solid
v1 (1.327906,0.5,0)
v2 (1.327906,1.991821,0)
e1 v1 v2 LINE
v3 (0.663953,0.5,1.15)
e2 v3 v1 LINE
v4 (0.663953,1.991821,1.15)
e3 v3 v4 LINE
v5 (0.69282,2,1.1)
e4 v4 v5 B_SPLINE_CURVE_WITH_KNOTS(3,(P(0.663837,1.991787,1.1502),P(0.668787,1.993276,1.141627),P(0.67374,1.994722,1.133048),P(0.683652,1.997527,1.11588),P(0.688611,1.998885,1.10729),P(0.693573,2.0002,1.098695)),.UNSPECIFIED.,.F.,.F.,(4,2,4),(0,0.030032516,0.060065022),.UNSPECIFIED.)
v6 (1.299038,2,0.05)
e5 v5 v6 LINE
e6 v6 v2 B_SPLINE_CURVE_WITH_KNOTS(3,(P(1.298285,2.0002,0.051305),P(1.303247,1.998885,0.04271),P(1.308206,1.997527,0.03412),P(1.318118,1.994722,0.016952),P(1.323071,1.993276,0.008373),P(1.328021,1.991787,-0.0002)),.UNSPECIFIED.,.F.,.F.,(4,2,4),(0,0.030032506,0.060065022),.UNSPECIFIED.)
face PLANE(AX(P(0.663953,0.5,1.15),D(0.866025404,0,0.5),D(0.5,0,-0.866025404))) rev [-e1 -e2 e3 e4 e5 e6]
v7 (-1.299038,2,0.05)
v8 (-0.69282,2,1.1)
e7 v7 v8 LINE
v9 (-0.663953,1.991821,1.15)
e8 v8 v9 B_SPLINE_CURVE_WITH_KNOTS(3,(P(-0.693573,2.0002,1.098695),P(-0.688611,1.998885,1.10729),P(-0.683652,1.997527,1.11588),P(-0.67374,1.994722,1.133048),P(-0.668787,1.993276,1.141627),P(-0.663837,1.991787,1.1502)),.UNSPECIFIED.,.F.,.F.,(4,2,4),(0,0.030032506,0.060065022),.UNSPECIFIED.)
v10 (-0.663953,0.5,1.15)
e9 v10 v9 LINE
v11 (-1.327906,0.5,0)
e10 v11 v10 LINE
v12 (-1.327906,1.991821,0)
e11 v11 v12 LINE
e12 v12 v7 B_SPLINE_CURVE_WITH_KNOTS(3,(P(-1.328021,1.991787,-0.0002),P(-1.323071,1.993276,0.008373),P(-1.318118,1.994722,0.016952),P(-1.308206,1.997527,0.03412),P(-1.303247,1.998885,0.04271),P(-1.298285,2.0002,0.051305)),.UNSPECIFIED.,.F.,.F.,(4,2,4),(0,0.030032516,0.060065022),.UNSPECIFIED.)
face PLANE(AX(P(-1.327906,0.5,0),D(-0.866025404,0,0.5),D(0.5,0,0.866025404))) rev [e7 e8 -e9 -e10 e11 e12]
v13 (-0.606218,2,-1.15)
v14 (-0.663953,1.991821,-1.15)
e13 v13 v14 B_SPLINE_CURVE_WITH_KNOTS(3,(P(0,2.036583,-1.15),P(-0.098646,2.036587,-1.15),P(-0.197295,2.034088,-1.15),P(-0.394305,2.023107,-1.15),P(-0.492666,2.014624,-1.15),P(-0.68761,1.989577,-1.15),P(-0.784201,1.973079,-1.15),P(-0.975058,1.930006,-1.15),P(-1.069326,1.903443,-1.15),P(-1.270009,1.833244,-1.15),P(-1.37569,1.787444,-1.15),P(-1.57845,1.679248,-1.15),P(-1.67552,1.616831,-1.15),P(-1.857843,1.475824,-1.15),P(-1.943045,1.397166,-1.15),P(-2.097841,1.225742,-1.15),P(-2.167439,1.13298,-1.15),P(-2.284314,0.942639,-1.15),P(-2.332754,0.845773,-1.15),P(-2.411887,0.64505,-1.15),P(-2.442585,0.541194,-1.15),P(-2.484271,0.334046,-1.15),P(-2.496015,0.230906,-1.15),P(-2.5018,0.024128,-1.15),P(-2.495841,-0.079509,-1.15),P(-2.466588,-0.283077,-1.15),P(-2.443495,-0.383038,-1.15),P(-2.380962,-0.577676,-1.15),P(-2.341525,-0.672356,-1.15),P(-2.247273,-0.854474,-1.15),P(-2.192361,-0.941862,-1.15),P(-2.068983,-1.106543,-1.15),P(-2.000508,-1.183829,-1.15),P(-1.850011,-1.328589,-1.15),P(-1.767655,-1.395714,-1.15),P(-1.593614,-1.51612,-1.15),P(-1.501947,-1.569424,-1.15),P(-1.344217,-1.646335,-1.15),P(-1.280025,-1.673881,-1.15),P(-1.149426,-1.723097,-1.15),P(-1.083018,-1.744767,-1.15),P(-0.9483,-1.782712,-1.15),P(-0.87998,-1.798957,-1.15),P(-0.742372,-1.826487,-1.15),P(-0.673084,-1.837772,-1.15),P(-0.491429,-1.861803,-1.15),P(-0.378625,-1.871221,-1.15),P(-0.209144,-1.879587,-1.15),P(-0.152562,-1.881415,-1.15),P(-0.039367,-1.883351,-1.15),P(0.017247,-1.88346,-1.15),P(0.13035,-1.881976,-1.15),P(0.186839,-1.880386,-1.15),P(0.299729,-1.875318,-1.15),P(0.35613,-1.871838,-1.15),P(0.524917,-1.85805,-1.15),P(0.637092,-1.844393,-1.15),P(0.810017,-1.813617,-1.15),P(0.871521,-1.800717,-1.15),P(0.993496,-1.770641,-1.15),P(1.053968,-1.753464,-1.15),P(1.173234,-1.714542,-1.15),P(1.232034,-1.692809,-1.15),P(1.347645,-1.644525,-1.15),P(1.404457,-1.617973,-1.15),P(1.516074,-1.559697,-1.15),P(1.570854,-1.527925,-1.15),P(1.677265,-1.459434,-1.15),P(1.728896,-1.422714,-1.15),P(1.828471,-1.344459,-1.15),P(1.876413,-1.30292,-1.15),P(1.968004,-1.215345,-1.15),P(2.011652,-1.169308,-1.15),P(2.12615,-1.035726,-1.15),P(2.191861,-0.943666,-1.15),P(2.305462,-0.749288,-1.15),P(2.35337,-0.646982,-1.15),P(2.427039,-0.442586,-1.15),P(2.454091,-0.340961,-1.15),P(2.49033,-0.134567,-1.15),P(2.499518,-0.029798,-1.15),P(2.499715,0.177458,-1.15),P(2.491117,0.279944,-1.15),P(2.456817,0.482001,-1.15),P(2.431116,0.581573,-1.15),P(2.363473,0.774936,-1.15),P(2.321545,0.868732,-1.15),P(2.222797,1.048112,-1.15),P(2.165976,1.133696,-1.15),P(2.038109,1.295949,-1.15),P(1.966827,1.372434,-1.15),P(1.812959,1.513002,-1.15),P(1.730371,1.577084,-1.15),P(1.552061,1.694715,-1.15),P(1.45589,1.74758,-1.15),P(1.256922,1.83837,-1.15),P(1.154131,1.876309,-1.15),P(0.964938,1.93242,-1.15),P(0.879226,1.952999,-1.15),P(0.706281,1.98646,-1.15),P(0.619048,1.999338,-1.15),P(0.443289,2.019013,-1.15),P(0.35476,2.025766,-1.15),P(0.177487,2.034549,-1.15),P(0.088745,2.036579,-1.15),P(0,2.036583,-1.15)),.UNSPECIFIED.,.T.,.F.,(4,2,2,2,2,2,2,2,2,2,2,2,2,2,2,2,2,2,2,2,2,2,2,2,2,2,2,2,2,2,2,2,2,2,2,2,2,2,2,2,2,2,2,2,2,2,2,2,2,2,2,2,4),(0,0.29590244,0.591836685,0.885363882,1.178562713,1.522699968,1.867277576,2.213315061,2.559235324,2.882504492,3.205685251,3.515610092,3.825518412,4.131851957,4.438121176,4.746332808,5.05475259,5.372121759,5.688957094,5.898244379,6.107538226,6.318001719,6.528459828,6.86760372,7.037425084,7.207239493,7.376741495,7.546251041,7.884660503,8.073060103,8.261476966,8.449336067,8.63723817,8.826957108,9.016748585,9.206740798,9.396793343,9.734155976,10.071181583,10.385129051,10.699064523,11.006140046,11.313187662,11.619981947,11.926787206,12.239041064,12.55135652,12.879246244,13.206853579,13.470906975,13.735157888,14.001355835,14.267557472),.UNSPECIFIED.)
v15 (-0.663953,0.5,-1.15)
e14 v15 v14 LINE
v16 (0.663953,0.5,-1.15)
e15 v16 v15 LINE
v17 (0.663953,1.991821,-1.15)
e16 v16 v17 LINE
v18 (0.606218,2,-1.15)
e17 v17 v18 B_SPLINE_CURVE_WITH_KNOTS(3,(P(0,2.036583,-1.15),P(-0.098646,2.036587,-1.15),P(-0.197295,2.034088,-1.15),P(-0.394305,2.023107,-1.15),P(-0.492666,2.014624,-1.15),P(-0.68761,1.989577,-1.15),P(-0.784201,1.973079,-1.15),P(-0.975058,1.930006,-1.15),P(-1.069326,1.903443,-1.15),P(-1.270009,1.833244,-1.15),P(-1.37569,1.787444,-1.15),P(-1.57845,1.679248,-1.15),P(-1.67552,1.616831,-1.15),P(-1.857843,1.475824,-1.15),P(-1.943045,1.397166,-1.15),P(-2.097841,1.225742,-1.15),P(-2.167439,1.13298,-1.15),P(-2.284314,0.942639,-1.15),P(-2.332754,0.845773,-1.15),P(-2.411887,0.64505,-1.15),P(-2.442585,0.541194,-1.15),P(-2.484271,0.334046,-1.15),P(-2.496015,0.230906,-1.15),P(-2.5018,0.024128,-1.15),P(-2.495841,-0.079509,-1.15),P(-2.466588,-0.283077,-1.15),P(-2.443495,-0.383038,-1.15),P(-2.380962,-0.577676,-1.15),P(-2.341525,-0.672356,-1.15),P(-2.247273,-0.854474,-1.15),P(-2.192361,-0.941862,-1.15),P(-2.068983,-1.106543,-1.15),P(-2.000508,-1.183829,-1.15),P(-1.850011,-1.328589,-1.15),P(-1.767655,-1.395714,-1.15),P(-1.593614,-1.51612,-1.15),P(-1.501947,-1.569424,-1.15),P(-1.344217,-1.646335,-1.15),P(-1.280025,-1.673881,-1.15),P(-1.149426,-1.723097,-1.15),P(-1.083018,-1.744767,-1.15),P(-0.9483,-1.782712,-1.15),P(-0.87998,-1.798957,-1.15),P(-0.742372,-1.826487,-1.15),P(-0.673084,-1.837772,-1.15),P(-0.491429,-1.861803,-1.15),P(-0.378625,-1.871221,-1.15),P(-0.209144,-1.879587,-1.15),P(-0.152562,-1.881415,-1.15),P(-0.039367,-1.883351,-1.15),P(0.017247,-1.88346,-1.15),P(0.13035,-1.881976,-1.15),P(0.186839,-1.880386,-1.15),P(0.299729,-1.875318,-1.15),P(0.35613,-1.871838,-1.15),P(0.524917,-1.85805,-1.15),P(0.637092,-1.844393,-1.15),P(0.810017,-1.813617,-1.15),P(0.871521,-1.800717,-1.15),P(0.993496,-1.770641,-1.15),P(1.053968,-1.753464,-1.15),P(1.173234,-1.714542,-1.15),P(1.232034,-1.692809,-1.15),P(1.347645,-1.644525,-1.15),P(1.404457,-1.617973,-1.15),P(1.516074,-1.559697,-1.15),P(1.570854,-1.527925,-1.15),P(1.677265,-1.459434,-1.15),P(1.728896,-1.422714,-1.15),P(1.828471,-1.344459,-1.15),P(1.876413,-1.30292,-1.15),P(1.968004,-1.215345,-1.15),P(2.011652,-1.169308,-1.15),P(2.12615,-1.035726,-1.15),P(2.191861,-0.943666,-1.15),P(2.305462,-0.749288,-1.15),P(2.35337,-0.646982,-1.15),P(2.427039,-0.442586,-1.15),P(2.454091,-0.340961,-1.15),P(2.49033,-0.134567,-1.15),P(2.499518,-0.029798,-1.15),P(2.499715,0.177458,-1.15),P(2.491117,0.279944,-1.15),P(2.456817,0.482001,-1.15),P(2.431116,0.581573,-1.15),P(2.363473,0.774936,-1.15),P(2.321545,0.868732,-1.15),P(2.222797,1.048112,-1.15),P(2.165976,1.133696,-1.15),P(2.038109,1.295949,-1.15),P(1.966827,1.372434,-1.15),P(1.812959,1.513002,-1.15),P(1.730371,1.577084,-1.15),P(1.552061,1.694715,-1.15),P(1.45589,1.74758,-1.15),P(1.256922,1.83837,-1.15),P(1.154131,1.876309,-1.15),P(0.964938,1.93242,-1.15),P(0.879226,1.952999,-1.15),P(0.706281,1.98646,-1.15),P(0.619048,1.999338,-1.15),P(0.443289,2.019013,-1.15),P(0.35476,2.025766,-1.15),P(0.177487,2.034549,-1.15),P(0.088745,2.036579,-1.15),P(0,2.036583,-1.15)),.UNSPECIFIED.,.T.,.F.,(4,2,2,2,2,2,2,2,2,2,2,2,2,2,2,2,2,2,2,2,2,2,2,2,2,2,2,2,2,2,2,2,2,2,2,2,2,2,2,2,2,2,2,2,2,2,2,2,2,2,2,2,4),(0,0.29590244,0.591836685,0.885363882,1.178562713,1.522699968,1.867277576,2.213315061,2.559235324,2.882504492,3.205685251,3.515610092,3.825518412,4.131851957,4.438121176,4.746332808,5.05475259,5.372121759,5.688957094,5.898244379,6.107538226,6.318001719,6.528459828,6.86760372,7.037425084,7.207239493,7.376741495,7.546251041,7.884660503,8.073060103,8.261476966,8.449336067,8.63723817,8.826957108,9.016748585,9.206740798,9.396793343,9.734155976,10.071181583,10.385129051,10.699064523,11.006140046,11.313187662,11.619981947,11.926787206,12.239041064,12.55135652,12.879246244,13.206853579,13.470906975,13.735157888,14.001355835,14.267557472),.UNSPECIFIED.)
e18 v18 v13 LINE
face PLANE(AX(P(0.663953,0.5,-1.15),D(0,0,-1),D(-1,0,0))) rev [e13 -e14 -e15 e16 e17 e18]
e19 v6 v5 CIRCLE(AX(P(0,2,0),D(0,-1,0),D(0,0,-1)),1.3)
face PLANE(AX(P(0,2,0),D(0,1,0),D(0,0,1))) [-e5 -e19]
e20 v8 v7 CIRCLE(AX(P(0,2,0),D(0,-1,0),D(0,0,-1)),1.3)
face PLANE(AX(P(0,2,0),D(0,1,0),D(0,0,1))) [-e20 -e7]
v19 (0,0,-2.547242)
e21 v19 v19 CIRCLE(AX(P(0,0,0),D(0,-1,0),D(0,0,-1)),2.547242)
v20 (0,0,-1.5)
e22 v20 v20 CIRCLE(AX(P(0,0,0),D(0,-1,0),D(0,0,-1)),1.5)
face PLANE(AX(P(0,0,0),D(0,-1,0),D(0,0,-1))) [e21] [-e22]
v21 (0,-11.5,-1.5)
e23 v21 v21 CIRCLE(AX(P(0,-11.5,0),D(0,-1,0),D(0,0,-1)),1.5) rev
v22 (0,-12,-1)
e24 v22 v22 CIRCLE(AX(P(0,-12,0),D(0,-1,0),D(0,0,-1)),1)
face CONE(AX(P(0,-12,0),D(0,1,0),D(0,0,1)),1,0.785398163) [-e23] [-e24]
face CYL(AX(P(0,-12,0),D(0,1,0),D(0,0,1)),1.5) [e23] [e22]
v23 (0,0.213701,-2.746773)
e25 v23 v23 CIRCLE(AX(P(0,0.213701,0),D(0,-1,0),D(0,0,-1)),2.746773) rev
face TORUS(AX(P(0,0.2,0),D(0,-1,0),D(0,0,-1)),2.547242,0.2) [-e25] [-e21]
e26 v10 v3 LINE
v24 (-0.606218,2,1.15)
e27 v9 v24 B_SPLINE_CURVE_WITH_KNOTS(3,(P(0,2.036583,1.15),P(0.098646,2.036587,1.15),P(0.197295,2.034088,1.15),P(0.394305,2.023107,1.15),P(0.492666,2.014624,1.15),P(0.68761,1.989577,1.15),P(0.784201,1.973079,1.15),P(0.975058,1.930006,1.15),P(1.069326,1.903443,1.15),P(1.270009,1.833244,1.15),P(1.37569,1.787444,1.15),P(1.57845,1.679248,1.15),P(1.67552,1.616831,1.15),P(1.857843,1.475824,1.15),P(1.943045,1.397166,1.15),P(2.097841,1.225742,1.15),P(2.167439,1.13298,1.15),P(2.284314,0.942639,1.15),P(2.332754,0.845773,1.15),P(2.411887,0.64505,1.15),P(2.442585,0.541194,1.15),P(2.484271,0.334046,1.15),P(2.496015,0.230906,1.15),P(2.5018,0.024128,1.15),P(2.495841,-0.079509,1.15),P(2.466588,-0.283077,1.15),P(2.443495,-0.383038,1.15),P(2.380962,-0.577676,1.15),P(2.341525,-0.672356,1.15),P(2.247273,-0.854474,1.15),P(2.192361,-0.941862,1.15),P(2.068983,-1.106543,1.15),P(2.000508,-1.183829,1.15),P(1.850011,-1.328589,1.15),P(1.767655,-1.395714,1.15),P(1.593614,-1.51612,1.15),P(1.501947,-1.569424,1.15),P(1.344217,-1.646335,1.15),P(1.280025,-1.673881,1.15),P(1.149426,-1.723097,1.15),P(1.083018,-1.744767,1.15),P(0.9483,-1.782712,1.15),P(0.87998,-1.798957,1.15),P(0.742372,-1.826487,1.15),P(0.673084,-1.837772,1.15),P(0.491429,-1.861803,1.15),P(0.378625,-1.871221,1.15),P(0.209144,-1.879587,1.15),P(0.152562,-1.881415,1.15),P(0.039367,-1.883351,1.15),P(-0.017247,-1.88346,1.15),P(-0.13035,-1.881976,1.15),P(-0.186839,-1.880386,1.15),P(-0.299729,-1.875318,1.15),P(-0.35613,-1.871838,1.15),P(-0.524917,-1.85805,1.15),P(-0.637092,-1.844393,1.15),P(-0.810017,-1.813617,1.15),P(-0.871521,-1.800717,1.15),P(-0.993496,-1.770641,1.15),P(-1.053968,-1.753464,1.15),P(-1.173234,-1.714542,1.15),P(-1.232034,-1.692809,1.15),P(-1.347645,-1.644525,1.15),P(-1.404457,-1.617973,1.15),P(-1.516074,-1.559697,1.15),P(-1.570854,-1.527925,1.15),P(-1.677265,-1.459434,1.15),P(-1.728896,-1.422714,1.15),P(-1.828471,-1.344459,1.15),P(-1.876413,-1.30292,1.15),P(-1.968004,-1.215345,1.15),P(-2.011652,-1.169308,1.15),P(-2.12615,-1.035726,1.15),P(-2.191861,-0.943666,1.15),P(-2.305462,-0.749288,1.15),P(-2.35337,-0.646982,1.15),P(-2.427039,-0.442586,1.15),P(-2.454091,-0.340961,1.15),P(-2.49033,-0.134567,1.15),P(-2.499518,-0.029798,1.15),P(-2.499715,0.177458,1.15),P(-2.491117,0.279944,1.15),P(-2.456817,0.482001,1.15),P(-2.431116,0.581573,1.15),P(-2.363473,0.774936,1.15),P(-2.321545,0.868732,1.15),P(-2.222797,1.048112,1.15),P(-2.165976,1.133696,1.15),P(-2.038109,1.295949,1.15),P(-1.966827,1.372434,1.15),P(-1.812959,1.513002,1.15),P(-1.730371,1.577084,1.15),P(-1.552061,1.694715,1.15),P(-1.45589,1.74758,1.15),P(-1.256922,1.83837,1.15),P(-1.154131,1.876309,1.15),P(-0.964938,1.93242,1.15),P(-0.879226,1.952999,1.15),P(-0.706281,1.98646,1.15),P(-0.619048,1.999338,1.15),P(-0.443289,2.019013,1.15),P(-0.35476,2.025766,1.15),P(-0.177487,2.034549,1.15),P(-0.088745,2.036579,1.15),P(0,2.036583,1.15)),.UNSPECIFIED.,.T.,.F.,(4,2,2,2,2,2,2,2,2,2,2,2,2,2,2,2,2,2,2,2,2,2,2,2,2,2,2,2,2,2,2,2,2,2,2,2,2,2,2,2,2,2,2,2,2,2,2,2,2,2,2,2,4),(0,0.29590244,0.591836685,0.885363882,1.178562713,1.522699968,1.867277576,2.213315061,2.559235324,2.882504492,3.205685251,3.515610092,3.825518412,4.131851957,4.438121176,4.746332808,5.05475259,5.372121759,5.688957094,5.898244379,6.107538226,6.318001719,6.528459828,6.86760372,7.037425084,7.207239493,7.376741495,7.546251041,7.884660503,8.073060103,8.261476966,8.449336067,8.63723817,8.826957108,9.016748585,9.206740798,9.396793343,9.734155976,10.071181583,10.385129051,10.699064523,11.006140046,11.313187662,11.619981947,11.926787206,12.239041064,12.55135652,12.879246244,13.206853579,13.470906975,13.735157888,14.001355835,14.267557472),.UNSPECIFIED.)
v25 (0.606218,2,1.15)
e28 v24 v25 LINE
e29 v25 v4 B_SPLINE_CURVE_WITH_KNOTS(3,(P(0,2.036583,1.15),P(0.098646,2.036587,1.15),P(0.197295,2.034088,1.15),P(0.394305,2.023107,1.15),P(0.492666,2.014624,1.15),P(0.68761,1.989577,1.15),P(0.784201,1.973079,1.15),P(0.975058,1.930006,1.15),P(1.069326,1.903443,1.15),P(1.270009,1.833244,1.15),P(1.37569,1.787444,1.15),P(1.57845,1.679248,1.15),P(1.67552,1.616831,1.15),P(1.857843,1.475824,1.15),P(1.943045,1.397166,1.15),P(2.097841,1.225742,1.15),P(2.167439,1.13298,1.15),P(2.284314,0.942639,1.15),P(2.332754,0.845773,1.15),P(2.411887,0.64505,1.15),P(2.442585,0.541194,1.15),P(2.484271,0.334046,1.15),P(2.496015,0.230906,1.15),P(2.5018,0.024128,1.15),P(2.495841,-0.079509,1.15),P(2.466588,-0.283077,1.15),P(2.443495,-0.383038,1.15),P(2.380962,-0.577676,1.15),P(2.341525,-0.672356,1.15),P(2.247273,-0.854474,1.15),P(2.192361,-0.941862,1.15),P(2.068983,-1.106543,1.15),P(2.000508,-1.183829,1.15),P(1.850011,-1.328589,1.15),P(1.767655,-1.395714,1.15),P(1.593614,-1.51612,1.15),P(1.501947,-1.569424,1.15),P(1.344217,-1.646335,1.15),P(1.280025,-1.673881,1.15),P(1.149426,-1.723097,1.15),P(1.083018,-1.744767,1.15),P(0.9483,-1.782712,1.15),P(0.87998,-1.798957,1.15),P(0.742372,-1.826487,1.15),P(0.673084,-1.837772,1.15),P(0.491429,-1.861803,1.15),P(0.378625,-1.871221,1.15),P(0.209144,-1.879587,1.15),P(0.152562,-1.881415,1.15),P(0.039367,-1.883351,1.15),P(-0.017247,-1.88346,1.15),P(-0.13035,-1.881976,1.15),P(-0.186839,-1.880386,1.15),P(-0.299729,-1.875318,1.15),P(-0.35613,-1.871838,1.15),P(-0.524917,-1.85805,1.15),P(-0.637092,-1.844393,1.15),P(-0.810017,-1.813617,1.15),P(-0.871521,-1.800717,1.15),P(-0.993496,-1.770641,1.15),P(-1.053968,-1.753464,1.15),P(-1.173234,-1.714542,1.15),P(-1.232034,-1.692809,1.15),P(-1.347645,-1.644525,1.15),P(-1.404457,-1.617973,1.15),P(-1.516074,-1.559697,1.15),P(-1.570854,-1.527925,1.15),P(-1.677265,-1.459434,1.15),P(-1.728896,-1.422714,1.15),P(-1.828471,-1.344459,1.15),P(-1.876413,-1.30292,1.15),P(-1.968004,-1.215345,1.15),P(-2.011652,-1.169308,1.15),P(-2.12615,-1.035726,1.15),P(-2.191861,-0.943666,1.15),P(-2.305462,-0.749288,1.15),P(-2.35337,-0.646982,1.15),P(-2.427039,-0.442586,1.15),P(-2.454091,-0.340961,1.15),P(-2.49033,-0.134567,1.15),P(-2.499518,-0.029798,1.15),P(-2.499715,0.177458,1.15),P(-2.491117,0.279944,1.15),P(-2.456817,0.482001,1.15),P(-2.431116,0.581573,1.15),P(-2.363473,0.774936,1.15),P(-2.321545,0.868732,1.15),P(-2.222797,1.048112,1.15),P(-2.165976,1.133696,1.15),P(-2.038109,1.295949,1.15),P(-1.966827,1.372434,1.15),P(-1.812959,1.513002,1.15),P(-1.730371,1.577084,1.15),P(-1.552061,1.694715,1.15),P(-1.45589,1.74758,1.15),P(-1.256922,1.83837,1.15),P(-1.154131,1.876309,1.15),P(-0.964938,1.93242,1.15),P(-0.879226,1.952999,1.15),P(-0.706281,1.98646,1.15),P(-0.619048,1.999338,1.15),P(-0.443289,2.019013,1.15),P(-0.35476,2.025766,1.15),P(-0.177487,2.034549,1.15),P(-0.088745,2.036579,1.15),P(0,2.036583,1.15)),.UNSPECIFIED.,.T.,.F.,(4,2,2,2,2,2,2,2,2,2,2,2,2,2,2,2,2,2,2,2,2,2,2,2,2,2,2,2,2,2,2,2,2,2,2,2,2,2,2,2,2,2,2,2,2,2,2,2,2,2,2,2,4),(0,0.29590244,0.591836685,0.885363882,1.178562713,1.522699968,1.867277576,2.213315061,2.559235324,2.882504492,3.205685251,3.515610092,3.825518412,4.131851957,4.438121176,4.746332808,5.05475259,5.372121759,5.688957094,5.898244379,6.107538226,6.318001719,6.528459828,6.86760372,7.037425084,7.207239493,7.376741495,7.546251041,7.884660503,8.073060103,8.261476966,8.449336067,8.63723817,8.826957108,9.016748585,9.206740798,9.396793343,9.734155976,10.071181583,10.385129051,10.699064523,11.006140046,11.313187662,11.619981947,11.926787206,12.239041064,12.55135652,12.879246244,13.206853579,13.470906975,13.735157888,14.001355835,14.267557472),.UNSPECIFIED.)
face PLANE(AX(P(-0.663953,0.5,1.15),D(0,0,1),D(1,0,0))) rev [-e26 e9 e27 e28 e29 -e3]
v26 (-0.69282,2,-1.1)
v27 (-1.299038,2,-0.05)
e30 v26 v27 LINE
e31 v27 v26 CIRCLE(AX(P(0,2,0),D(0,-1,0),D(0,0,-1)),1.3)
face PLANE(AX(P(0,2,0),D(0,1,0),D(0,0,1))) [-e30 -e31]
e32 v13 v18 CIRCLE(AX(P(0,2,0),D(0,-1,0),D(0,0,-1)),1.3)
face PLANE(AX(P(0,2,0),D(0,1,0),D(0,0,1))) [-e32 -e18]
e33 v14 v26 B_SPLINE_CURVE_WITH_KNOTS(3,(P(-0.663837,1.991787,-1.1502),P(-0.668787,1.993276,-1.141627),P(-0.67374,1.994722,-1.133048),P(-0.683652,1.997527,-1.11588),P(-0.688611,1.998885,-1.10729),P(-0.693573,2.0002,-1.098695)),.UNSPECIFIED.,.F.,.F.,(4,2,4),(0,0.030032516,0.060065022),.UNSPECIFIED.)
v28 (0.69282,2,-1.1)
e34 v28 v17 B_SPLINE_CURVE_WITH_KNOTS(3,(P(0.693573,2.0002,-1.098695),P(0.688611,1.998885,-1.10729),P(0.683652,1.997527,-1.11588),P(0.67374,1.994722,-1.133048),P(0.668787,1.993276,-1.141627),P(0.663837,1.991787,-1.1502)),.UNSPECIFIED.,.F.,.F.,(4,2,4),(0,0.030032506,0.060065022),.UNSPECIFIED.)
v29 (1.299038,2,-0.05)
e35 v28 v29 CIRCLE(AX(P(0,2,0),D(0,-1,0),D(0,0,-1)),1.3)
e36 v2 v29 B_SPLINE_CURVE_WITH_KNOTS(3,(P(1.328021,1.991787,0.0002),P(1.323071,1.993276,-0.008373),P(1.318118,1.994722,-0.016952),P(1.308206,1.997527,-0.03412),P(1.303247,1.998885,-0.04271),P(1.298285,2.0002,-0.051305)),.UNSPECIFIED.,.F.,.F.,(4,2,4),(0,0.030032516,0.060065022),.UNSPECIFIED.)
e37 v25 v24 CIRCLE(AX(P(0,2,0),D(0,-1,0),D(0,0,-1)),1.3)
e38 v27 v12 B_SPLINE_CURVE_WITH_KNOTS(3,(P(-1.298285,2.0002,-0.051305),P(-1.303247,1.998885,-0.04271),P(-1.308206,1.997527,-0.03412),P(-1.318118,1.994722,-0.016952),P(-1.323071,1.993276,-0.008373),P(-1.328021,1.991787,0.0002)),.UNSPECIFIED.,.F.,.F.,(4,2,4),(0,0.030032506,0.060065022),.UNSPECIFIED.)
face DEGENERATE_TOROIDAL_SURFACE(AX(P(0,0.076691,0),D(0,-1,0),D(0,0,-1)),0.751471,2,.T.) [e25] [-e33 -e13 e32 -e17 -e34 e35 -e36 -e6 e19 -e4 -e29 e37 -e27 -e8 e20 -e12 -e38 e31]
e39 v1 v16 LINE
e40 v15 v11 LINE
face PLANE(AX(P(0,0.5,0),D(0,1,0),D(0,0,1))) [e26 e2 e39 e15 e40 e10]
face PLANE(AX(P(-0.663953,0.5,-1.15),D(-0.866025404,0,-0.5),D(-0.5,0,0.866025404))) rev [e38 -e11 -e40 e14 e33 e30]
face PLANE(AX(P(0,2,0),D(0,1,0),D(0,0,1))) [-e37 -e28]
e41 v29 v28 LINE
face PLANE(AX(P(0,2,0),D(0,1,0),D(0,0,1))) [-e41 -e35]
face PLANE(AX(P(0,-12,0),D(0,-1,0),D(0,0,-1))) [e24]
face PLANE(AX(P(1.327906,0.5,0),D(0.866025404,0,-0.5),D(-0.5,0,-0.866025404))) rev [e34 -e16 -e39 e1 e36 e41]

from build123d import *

# Parameters (mm, degrees)
FILLET_1_R          = 0.2
CUT_EXTRUDE_1_DEPTH = 1.5
SKETCH_3_R          = 1.5
EXTRUDE_1_DEPTH     = 12
CHAMFER_1_SIZE      = 0.5


with BuildPart() as part:
    # 草图1 → 旋转1 (revolve)
    with BuildSketch(Plane.XY):
        with BuildLine():
            Line((0, 0), (0, 2))
            Line((0, 2), (1.3, 2))
            ThreePointArc((1.3, 2), (2.370691821, 1.250626571), (2.75, 0))
            Line((2.75, 0), (0, 0))
        make_face()
    revolve(axis=Axis((0, 0, 0), (0, 1, 0)))

    # 圆角1
    fillet_1_edges = [part.edges().sort_by_distance(p)[0] for p in [
        (-2.75, 0, 0),
    ]]
    fillet(fillet_1_edges, radius=FILLET_1_R)

    # 草图2 → 切除-拉伸1 (cut)
    with BuildSketch(Plane(origin=(0, 2, 0), x_dir=(1, 0, 0), z_dir=(0, 1, 0))):
        Polygon((1.327905619, 0), (0.66395281, 1.15), (-0.66395281, 1.15), (-1.327905619, 0), (-0.66395281, -1.15), (0.66395281, -1.15), align=None)
    extrude(amount=-CUT_EXTRUDE_1_DEPTH, mode=Mode.SUBTRACT)

    # 草图3 → 凸台-拉伸1 (add)
    with BuildSketch(Plane.XZ):
        Circle(SKETCH_3_R)
    extrude(amount=EXTRUDE_1_DEPTH)

    # 倒角1
    chamfer_1_edges = [part.edges().sort_by_distance(p)[0] for p in [
        (-1.5, -12, 0),
    ]]
    chamfer(chamfer_1_edges, length=CHAMFER_1_SIZE)


solid = part.part
